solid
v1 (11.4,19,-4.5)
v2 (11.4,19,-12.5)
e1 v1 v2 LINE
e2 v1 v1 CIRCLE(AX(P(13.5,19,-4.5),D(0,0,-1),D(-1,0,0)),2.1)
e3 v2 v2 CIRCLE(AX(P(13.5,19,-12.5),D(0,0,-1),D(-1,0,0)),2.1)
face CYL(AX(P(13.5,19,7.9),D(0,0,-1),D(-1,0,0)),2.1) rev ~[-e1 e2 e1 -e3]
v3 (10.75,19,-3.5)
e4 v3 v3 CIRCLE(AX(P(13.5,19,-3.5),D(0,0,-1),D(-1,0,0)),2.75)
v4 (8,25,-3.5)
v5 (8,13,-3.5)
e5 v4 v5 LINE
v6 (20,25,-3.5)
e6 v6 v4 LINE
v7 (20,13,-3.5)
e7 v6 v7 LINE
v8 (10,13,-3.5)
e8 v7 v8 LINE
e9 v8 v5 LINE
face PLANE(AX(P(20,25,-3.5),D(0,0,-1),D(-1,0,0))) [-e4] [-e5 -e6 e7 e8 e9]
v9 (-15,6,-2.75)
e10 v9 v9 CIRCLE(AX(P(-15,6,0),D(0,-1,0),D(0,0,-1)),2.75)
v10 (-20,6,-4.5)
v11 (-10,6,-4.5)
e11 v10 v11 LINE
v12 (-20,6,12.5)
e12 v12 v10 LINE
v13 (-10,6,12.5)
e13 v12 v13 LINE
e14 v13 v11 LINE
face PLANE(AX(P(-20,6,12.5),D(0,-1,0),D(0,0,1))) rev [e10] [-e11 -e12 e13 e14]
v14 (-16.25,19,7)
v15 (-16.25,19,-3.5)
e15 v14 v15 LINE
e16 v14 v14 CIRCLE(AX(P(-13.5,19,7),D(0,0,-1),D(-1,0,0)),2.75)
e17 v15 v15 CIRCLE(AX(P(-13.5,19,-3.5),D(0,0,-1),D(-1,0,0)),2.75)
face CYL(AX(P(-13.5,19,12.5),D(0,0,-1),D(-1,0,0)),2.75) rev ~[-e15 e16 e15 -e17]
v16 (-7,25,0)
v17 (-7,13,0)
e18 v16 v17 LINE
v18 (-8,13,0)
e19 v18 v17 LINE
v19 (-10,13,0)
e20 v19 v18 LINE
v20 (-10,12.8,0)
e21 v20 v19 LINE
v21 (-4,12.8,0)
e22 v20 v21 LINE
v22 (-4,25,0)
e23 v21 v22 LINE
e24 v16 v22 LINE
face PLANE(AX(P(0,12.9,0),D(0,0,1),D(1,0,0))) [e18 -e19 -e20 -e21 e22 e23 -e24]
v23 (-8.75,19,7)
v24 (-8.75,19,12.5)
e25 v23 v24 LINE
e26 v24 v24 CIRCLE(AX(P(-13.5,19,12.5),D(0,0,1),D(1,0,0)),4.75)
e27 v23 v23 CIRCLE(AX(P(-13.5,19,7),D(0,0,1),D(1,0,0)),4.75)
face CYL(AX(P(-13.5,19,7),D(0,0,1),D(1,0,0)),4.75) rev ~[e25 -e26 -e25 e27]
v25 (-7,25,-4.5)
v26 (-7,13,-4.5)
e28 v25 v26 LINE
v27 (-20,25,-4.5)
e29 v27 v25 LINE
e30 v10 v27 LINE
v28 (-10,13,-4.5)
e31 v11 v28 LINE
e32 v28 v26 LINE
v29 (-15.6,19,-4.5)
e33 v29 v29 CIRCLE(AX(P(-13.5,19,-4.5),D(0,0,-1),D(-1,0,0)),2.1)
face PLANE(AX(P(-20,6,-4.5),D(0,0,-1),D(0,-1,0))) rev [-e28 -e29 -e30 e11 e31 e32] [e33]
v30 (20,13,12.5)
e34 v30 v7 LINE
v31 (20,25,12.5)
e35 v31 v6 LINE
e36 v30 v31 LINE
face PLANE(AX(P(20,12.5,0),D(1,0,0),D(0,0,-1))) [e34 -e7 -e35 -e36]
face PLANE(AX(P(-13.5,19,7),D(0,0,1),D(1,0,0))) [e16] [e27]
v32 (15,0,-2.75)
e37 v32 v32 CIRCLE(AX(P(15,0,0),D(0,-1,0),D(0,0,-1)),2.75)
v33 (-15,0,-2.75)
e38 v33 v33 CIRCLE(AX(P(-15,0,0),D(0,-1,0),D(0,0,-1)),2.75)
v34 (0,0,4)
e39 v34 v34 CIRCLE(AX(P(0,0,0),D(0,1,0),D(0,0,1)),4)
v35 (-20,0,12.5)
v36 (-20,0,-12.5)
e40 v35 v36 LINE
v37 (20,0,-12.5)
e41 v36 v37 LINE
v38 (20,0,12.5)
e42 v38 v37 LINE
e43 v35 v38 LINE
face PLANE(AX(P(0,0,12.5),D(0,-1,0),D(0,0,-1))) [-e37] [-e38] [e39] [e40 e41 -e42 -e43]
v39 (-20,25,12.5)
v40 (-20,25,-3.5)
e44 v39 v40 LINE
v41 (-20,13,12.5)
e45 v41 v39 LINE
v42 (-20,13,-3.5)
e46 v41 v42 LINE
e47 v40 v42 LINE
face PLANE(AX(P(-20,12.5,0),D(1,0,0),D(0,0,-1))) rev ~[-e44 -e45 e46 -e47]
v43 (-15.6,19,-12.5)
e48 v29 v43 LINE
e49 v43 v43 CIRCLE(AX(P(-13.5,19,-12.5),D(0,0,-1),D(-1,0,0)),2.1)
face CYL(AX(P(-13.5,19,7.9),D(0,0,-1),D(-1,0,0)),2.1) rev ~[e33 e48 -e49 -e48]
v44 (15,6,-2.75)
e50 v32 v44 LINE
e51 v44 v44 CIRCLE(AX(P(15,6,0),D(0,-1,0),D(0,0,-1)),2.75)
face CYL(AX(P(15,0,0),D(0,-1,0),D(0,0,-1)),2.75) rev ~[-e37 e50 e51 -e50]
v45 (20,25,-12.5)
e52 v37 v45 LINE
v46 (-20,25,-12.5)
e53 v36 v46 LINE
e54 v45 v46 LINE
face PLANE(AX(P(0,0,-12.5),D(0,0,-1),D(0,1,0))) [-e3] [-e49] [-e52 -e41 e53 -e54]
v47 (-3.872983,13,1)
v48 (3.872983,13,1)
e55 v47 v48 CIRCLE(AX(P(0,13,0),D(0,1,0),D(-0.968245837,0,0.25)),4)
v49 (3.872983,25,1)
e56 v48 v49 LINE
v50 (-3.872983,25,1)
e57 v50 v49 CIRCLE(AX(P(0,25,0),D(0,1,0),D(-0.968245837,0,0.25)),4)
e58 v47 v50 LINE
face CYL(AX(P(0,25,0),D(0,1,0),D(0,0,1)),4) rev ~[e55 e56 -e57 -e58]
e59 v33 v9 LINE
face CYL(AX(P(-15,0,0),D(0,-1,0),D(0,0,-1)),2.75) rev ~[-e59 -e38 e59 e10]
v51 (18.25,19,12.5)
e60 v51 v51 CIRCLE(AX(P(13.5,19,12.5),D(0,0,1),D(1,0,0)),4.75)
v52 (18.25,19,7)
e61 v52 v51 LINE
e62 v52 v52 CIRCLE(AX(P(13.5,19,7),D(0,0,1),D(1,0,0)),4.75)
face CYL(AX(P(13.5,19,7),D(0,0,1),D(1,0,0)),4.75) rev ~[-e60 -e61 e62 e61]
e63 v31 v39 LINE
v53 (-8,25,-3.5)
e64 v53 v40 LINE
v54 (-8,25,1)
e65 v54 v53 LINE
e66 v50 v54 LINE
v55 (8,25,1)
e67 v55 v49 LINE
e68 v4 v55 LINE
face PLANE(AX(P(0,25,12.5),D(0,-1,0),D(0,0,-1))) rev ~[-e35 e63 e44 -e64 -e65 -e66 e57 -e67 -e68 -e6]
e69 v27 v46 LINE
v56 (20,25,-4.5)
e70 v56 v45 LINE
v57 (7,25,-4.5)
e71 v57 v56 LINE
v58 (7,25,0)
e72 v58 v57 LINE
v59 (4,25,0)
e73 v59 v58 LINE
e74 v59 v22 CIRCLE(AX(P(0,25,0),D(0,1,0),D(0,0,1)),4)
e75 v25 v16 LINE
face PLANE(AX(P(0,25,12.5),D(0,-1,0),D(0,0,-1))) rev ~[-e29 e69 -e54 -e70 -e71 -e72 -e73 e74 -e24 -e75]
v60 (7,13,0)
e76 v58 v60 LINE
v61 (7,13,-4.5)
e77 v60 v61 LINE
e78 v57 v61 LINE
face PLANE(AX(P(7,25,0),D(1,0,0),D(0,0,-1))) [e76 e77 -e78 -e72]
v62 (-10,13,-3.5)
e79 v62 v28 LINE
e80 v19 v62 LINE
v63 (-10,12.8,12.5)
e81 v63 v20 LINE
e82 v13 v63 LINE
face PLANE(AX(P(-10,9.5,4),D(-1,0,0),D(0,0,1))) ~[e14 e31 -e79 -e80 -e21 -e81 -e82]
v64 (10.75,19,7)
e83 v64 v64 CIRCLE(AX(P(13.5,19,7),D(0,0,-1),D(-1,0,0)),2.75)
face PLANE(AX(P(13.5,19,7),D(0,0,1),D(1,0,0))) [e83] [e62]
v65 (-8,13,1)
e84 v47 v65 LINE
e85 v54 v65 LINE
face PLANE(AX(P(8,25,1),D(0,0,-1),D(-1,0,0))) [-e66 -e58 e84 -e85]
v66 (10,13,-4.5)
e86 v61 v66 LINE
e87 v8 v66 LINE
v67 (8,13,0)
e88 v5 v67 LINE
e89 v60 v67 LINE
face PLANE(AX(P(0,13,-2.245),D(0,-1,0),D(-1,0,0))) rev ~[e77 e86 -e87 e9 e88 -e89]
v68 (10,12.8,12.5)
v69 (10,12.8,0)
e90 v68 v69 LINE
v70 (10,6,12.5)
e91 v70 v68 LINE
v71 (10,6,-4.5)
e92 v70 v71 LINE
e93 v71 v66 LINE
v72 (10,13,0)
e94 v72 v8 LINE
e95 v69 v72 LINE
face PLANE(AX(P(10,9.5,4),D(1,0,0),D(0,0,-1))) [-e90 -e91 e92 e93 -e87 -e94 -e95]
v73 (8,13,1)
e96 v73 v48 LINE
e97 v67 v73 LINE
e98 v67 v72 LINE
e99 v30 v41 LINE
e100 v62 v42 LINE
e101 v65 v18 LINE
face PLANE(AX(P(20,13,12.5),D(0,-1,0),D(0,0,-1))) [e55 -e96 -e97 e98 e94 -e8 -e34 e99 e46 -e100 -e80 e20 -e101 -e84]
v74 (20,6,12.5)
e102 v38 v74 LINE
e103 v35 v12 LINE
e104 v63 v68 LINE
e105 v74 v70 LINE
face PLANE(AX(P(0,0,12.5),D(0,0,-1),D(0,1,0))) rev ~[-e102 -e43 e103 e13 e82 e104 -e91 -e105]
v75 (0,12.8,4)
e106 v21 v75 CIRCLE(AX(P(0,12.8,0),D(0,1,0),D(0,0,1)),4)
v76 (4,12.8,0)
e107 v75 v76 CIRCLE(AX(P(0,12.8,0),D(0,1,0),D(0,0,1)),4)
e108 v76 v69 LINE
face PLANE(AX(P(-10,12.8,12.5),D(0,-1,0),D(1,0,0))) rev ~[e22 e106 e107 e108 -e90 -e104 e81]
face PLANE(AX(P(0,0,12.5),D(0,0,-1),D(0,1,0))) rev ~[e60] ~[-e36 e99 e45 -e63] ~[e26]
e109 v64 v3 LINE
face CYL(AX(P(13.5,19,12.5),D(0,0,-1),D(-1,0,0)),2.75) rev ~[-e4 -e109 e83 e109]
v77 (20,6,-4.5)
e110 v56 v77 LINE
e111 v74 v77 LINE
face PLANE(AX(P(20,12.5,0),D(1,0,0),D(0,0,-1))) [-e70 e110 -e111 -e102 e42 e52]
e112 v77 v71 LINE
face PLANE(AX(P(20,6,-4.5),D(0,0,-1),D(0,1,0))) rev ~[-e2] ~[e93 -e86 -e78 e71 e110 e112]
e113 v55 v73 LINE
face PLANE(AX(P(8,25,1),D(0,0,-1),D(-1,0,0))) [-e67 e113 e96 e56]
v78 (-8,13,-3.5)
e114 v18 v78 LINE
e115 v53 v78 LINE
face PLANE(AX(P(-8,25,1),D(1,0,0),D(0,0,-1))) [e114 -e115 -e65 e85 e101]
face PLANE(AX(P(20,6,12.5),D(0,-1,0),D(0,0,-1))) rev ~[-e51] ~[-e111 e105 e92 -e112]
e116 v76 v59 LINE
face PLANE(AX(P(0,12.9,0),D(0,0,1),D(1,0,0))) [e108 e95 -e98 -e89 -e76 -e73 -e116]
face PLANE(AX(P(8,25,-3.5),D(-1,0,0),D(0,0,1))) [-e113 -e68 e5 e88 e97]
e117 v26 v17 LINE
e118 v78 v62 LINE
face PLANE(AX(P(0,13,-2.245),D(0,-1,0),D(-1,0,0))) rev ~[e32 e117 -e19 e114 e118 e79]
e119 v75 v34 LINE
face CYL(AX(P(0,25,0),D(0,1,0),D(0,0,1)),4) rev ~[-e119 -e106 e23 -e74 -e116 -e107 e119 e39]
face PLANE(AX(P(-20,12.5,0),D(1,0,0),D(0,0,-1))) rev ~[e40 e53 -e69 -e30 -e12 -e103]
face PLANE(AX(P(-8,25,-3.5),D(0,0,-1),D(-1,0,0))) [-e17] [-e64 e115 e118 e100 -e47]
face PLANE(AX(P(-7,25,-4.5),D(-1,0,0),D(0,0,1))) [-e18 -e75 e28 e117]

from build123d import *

# Parameters (mm, degrees)
SKETCH_2_W                = 25
SKETCH_2_H                = 25
EXTRUDE_2_DEPTH           = 20
SKETCH_8_W                = 17
SKETCH_8_H                = 7
CUT_EXTRUDE_5_DEPTH       = 10
CUT_EXTRUDE_6_DEPTH       = 12
SKETCH_13_W               = 20
SKETCH_13_H               = 0.2
CUT_EXTRUDE_7_DEPTH       = 12.5
HOLE_WIZARD_1_D           = 5.5
HOLE_WIZARD_1_DEPTH       = 16
HOLE_WIZARD_1_CBORE_D     = 9.5
HOLE_WIZARD_1_CBORE_DEPTH = 5.5
M5X0_8_1_D                = 4.2
M5X0_8_1_DEPTH            = 12.4
M5X0_8_1_TIP              = 1.2618073
SKETCH_16_R               = 4
CUT_EXTRUDE_8_DEPTH       = 35.369317712
SKETCH_17_R               = 2.75
CUT_EXTRUDE_9_DEPTH       = 6


with BuildPart() as part:
    # 草图2 → 凸台-拉伸2 (new, symmetric)
    with BuildSketch(Plane(origin=(0, 0, 0), x_dir=(0, 0, -1), z_dir=(1, 0, 0))):
        with Locations((0, 12.5)):
            Rectangle(SKETCH_2_W, SKETCH_2_H)
    extrude(amount=EXTRUDE_2_DEPTH, both=True)

    # 草图8 → 切除-拉伸5 (cut)
    with BuildSketch(Plane(origin=(20, 0, 0), x_dir=(0, 0, -1), z_dir=(1, 0, 0))):
        with Locations((-4, 9.5)):
            Rectangle(SKETCH_8_W, SKETCH_8_H)
    cut_extrude_5 = extrude(amount=-CUT_EXTRUDE_5_DEPTH, mode=Mode.SUBTRACT)

    # 镜向1: 切除-拉伸5 across plane
    add(cut_extrude_5.mirror(Plane(origin=(0, 0, 0), x_dir=(0, 0, 1), z_dir=(1, 0, 0))), mode=Mode.SUBTRACT)

    # 草图12 → 切除-拉伸6 (cut)
    with BuildSketch(Plane(origin=(0, 25, 0), x_dir=(1, 0, 0), z_dir=(0, 1, 0))):
        Polygon((-20, 4.5), (-7, 4.5), (-7, 0), (7, 0), (7, 4.5), (20, 4.5), (20, 3.5), (8, 3.5), (8, -1), (-8, -1), (-8, 3.5), (-20, 3.5), align=None)
    extrude(amount=-CUT_EXTRUDE_6_DEPTH, mode=Mode.SUBTRACT)

    # 草图13 → 切除-拉伸7 (cut)
    with BuildSketch(Plane.XY.offset(12.5)):
        with Locations((0, 12.9)):
            Rectangle(SKETCH_13_W, SKETCH_13_H)
    extrude(amount=-CUT_EXTRUDE_7_DEPTH, mode=Mode.SUBTRACT)

    # 孔1
    with Locations(Plane.XY.offset(12.5)):
        with Locations((-13.5, 19), (13.5, 19)):
            CounterBoreHole(HOLE_WIZARD_1_D / 2, HOLE_WIZARD_1_CBORE_D / 2, HOLE_WIZARD_1_CBORE_DEPTH, depth=HOLE_WIZARD_1_DEPTH)

    # M5x0.8 螺纹孔1
    with Locations(Plane.XY.offset(-4.5)):
        with Locations((-13.5, 19), (13.5, 19)):
            Hole(M5X0_8_1_D / 2, depth=M5X0_8_1_DEPTH)
            with Locations((0, 0, -(M5X0_8_1_DEPTH + M5X0_8_1_TIP / 2))):  # 118° drill point
                Cone(0, M5X0_8_1_D / 2, M5X0_8_1_TIP, mode=Mode.SUBTRACT)

    # 草图16 → 切除-拉伸8 (cut, through all)
    with BuildSketch(Plane(origin=(0, 25, 0), x_dir=(1, 0, 0), z_dir=(0, 1, 0))):
        with Locations(Location((0, 0, 0), (0, 0, 270))):
            Circle(SKETCH_16_R)
    extrude(amount=-CUT_EXTRUDE_8_DEPTH, mode=Mode.SUBTRACT)

    # 草图17 → 切除-拉伸9 (cut)
    with BuildSketch(Plane.XZ):
        with Locations(Location((-15, 0, 0), (0, 0, 270))):
            Circle(SKETCH_17_R)
        with Locations(Location((15, 0, 0), (0, 0, 270))):
            Circle(SKETCH_17_R)
    extrude(amount=-CUT_EXTRUDE_9_DEPTH, mode=Mode.SUBTRACT)


solid = part.part
